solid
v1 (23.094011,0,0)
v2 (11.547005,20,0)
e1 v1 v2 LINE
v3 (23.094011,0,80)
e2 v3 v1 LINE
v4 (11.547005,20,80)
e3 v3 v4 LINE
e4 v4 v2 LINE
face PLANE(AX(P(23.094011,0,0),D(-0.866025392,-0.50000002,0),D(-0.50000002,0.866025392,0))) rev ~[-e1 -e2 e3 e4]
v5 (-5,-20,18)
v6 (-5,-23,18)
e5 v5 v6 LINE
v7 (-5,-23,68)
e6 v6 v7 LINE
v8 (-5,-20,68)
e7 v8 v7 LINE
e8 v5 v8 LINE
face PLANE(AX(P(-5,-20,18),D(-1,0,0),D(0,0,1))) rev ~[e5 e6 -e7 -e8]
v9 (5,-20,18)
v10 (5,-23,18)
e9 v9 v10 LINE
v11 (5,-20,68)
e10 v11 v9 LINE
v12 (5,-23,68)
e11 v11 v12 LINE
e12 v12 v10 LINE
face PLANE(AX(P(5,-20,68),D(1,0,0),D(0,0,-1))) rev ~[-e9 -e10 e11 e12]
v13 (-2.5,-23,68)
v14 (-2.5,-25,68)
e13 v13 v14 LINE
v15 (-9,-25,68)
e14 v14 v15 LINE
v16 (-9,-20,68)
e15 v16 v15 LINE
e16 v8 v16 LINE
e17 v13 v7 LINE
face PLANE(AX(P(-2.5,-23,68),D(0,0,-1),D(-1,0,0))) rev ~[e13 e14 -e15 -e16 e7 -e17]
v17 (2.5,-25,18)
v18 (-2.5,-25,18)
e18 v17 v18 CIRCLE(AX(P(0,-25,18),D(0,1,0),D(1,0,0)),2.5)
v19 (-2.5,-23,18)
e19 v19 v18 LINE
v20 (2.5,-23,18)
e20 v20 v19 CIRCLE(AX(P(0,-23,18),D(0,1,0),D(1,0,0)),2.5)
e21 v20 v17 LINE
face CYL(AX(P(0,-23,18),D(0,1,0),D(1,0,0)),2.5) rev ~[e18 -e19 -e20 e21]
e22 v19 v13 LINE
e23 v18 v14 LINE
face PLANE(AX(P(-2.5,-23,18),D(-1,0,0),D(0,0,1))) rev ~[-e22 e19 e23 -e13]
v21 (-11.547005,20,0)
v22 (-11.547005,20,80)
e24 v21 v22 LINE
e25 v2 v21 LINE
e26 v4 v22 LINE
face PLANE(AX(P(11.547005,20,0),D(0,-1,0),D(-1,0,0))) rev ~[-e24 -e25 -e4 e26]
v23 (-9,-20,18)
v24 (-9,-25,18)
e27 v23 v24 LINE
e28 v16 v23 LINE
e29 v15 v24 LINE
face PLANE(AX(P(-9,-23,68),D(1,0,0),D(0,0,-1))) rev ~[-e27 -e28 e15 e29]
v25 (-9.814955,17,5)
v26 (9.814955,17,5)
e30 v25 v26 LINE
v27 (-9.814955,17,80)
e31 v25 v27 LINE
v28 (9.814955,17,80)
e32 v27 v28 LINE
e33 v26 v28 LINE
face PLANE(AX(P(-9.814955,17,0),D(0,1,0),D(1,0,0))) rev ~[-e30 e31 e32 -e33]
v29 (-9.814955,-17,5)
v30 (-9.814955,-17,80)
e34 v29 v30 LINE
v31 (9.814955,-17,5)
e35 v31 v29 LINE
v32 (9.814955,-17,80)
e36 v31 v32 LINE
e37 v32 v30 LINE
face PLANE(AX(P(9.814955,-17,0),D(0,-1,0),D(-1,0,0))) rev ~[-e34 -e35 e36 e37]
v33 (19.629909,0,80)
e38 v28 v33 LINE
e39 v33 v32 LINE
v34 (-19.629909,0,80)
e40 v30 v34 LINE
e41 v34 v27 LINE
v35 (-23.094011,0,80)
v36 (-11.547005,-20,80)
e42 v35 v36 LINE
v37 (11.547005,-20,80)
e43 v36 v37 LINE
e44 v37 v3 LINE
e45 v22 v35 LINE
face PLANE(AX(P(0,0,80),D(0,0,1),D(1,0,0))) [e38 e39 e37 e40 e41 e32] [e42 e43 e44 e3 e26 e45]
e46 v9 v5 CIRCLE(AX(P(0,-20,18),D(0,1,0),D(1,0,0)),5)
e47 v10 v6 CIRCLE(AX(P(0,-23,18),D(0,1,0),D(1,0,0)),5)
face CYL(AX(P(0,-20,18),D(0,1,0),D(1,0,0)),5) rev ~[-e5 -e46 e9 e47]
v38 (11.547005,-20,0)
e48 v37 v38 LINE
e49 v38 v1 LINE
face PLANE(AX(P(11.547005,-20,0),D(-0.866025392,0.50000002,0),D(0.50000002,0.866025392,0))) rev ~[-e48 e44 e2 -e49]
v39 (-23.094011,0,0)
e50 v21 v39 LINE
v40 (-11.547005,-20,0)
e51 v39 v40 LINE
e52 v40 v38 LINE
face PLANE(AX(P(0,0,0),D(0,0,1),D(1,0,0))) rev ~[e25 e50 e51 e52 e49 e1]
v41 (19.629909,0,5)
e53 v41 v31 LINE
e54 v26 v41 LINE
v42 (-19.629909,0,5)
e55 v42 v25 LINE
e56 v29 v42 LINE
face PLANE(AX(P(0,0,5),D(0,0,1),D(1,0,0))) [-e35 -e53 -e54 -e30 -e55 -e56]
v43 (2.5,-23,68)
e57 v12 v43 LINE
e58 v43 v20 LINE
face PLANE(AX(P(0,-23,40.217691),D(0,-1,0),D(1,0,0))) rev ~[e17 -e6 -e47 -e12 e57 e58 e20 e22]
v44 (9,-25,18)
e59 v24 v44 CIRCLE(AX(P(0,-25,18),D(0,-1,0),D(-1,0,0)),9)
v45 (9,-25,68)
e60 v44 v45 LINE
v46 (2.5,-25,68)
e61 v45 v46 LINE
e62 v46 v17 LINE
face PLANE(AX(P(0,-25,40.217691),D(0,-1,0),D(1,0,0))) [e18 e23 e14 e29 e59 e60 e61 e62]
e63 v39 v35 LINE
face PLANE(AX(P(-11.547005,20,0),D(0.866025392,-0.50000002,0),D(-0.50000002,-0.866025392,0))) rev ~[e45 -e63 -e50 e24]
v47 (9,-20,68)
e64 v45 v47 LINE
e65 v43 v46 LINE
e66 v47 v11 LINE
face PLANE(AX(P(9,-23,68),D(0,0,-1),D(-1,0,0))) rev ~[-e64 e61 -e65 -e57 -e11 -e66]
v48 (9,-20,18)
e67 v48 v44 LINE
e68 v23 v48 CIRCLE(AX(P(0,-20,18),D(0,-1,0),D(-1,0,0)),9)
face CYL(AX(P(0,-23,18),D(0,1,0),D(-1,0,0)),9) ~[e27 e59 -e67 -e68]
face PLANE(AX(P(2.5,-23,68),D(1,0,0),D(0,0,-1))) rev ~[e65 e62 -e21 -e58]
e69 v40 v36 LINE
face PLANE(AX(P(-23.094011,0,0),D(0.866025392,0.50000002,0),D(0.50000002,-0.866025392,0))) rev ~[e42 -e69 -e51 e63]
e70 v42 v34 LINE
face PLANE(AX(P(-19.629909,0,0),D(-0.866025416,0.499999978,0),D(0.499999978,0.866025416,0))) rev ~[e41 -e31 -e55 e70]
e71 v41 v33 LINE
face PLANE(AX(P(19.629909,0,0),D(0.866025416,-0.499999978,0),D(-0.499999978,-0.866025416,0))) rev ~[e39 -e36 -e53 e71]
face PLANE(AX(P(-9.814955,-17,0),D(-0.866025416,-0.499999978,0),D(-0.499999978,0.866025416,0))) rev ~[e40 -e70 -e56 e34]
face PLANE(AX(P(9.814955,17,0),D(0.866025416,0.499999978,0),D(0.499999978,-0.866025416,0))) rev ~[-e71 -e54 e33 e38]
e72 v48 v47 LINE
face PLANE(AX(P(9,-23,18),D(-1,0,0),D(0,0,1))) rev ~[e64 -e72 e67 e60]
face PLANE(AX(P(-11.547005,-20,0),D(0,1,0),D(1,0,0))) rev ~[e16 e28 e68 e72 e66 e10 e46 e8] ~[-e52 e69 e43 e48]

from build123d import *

# Parameters (mm, degrees)
F1_DEPTH = 80
F3_DEPTH = 5
F5_DEPTH = 3
F7_DEPTH = 2


with BuildPart() as f1:
    # F0 (on Top) → F1 (new body)
    with BuildSketch(Plane.XY):
        Polygon((11.547005, 20), (-11.547005, 20), (-23.094011, 0), (-11.547005, -20), (11.547005, -20), (23.094011, 0), align=None)
        Polygon((-9.814955, -17), (-19.629909, 0), (-9.814955, 17), (9.814955, 17), (19.629909, 0), (9.814955, -17), align=None, mode=Mode.SUBTRACT)
    extrude(amount=F1_DEPTH)

    # F2 (on Top) → F3 (join)
    with BuildSketch(Plane.XY):
        Polygon((11.547005, 20), (-11.547005, 20), (-23.094011, 0), (-11.547005, -20), (11.547005, -20), (23.094011, 0), align=None)
    extrude(amount=F3_DEPTH)

    # F4 (on face) → F5 (join)
    with BuildSketch(Plane.XZ.offset(20)):
        with BuildLine():
            Line((-5, 18), (-5, 68))
            Line((-5, 68), (-9, 68))
            Line((-9, 68), (-9, 18))
            ThreePointArc((-9, 18), (0, 9), (9, 18))
            Line((9, 18), (9, 68))
            Line((9, 68), (5, 68))
            Line((5, 68), (5, 18))
            ThreePointArc((5, 18), (0, 13), (-5, 18))
        make_face()
    extrude(amount=F5_DEPTH)

    # F6 (on face) → F7 (join)
    with BuildSketch(Plane.XZ.offset(23)):
        with BuildLine():
            Line((-2.5, 68), (-9, 68))
            Line((-9, 68), (-9, 18))
            ThreePointArc((-9, 18), (0, 9), (9, 18))
            Line((9, 18), (9, 68))
            Line((9, 68), (2.5, 68))
            Line((2.5, 68), (2.5, 18))
            ThreePointArc((2.5, 18), (0, 15.5), (-2.5, 18))
            Line((-2.5, 18), (-2.5, 68))
        make_face()
    extrude(amount=F7_DEPTH)


solid = f1.part
